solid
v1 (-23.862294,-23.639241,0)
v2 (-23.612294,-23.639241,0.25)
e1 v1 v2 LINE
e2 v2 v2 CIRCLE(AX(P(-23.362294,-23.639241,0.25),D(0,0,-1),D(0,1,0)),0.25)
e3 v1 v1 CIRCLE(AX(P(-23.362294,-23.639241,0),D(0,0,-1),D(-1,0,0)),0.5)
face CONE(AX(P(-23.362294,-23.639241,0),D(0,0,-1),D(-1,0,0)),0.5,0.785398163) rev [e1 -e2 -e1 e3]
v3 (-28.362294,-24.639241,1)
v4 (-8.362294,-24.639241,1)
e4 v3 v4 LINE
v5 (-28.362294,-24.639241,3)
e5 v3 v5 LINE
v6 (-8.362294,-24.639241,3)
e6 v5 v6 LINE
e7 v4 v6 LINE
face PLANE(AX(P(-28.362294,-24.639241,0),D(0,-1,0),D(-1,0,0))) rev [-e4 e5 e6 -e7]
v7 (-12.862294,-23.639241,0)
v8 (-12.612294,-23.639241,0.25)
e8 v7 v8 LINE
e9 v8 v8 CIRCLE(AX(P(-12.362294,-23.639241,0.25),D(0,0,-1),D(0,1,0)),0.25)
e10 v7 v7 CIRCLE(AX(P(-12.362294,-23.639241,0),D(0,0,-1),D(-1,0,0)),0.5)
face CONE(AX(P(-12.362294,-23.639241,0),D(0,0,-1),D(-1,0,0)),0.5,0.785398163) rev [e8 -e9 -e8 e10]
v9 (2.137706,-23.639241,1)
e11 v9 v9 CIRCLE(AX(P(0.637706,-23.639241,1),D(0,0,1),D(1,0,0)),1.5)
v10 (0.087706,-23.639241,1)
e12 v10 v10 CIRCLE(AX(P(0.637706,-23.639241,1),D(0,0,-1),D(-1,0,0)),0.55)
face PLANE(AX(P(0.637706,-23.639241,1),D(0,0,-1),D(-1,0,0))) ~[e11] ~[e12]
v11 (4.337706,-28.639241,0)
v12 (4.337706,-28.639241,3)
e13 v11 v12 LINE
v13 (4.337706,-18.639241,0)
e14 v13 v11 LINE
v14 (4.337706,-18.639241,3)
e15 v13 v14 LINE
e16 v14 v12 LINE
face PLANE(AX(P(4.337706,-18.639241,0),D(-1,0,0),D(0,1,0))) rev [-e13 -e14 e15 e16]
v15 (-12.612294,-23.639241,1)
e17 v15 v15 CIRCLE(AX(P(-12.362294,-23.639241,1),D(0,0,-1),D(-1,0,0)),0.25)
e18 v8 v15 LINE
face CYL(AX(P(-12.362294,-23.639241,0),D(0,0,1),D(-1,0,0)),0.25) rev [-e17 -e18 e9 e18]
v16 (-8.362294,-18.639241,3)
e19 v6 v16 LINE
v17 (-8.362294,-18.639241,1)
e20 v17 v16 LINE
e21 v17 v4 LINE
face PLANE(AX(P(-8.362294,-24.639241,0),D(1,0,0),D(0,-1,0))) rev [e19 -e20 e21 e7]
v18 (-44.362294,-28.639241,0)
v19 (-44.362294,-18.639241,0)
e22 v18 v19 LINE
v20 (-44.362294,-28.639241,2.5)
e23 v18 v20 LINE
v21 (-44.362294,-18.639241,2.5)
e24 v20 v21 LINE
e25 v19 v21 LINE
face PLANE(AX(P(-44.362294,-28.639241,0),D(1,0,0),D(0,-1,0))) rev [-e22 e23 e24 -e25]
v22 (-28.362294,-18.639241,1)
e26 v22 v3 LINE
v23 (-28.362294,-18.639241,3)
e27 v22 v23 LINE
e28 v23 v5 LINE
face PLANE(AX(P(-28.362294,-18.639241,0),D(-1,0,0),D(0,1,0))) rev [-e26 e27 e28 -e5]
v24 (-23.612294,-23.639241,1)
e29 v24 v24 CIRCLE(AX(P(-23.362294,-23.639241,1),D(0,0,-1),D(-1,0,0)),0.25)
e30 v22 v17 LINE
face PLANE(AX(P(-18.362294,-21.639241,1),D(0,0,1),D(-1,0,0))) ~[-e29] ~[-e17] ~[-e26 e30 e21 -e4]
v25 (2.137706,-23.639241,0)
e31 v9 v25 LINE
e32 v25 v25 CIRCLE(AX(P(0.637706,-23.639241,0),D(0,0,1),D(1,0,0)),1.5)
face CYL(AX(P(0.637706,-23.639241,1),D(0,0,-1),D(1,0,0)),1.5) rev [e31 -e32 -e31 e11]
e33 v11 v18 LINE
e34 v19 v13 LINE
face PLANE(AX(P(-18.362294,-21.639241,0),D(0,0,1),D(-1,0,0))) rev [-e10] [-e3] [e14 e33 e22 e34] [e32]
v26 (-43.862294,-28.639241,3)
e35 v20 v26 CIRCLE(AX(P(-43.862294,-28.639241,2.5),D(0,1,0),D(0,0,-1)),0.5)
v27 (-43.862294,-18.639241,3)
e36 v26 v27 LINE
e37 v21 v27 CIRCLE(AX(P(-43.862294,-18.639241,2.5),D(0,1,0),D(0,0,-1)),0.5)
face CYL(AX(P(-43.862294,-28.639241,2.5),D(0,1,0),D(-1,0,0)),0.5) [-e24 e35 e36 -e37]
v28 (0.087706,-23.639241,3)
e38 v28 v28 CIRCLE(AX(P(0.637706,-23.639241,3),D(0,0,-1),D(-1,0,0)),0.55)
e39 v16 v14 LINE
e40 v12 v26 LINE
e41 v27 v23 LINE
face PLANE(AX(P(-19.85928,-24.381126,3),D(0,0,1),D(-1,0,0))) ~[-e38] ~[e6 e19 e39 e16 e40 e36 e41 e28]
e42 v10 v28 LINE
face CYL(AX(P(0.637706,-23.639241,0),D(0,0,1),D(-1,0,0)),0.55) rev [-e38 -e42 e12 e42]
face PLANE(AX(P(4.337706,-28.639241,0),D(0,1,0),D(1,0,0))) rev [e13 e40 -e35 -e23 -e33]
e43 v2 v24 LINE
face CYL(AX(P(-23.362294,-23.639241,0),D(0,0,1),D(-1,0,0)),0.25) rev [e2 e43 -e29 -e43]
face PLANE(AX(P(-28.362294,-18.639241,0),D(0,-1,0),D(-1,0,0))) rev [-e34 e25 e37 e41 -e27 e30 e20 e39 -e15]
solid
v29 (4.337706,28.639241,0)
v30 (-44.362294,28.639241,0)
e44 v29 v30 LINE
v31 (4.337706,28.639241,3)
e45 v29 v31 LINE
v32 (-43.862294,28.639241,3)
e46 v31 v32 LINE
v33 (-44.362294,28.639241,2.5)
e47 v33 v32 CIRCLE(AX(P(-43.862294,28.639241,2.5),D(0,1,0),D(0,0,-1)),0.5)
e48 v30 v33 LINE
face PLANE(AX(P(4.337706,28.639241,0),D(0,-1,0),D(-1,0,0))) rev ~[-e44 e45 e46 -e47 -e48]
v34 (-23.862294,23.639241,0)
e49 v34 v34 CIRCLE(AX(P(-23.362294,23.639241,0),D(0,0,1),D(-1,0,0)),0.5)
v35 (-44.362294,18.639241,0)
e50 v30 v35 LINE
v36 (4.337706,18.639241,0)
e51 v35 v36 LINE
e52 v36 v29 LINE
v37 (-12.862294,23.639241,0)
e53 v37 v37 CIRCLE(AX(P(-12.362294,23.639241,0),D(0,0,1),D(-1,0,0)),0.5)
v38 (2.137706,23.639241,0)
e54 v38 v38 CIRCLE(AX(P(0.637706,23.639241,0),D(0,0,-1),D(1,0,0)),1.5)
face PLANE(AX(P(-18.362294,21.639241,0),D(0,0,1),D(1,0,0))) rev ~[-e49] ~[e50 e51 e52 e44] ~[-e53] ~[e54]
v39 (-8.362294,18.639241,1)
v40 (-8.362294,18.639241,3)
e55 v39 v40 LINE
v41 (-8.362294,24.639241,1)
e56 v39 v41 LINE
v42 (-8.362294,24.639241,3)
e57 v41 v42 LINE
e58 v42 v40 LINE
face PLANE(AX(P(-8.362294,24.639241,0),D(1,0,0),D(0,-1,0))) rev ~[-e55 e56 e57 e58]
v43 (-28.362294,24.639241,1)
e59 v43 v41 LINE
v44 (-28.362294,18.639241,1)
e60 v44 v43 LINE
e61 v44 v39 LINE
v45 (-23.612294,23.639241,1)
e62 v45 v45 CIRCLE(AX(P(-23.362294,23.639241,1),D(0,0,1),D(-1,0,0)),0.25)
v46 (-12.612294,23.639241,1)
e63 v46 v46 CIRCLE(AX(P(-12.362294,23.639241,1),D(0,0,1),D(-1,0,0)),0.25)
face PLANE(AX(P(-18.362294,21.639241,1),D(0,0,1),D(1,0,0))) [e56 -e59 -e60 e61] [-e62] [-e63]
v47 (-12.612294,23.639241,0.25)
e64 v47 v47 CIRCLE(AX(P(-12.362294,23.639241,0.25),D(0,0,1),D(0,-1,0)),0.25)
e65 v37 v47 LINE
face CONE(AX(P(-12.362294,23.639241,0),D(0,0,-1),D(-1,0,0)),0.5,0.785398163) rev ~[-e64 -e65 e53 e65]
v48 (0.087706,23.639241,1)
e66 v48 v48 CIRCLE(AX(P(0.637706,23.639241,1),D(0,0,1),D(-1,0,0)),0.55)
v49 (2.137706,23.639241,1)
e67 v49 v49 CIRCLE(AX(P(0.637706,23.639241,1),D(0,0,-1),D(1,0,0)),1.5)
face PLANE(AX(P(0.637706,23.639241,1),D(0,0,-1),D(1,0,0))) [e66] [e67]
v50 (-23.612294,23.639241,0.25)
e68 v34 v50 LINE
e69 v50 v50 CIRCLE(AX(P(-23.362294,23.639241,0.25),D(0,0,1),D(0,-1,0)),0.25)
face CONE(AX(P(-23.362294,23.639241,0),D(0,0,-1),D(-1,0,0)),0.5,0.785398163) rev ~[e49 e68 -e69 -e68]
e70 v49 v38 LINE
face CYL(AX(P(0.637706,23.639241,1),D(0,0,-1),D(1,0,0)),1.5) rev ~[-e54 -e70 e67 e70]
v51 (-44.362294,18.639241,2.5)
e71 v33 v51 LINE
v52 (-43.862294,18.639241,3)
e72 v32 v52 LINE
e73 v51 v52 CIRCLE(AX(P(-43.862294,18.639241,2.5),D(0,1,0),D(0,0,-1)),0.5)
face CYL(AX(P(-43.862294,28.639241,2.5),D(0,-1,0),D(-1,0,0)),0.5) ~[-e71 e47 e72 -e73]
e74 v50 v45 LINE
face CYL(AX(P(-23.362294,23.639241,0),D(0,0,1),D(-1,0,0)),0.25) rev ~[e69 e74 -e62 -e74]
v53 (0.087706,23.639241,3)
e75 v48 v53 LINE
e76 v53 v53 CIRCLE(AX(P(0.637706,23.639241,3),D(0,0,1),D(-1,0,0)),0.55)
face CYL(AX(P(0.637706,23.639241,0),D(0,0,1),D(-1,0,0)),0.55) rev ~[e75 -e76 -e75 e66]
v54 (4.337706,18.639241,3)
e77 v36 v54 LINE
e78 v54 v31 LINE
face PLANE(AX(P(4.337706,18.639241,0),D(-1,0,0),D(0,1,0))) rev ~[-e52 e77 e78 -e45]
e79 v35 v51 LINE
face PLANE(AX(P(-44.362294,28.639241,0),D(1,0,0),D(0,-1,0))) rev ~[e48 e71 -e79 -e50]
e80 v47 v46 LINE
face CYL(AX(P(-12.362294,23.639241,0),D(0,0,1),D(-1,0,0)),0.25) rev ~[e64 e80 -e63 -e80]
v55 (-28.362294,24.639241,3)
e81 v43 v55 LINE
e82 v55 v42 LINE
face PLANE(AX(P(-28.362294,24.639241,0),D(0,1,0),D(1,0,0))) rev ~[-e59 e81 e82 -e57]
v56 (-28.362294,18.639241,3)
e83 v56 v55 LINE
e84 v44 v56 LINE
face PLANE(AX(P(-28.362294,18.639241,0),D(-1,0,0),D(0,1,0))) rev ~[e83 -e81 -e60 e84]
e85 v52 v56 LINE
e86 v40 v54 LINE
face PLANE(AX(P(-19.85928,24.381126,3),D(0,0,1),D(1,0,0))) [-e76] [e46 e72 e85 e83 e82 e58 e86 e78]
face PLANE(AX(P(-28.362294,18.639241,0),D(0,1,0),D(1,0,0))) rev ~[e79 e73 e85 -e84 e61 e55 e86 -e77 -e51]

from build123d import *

# Parameters (mm, degrees)
F1_DEPTH       = 3
F0_W           = 20
F0_H           = 6
F2_DEPTH       = 1
F3_D           = 0.5
F3_CSINK_D     = 1
F3_CSINK_ANGLE = 90
F4_D           = 1.1
F4_CBORE_D     = 3
F4_CBORE_DEPTH = 1
F5_R           = 0.5


with BuildPart() as f1:
    # F0 (on Top) → F1 (new body)
    with BuildSketch(Plane.XY):
        Polygon((-44.3622941555, 28.6392407678), (-44.3622941555, 18.6392407678), (-28.3622941555, 18.6392407678), (-28.3622941555, 24.6392407678), (-8.3622941555, 24.6392407678), (-8.3622941555, 18.6392407678), (4.3377058445, 18.6392407678), (4.3377058445, 28.6392407678), align=None)
    extrude(amount=F1_DEPTH)

    # F0 (on Top) → F2 (join)
    with BuildSketch(Plane.XY):
        with Locations((-18.3622941555, 21.6392407678)):
            Rectangle(F0_W, F0_H)
    extrude(amount=F2_DEPTH)

    # F3 (through all)
    with Locations(Plane(origin=(0, 0, 0), x_dir=(1, 0, 0), z_dir=(0, 0, -1))):
        with Locations((-23.3622941555, -23.6392407678), (-12.3622941555, -23.6392407678)):
            CounterSinkHole(F3_D / 2, F3_CSINK_D / 2, counter_sink_angle=F3_CSINK_ANGLE)

    # F4 (through all)
    with Locations(Plane(origin=(0, 0, 0), x_dir=(1, 0, 0), z_dir=(0, 0, -1))):
        with Locations((0.6377058445, -23.6392407678)):
            CounterBoreHole(F4_D / 2, F4_CBORE_D / 2, F4_CBORE_DEPTH)

    # F5
    f5_edges = [f1.edges().sort_by_distance(p)[0] for p in [
        (-44.362294, 23.639241, 3),
    ]]
    fillet(f5_edges, radius=F5_R)


with BuildPart() as f6_1:
    # F6: instance of F1
    add(f1.part.mirror(Plane.XZ))


solid = Compound([f1.part, f6_1.part])
